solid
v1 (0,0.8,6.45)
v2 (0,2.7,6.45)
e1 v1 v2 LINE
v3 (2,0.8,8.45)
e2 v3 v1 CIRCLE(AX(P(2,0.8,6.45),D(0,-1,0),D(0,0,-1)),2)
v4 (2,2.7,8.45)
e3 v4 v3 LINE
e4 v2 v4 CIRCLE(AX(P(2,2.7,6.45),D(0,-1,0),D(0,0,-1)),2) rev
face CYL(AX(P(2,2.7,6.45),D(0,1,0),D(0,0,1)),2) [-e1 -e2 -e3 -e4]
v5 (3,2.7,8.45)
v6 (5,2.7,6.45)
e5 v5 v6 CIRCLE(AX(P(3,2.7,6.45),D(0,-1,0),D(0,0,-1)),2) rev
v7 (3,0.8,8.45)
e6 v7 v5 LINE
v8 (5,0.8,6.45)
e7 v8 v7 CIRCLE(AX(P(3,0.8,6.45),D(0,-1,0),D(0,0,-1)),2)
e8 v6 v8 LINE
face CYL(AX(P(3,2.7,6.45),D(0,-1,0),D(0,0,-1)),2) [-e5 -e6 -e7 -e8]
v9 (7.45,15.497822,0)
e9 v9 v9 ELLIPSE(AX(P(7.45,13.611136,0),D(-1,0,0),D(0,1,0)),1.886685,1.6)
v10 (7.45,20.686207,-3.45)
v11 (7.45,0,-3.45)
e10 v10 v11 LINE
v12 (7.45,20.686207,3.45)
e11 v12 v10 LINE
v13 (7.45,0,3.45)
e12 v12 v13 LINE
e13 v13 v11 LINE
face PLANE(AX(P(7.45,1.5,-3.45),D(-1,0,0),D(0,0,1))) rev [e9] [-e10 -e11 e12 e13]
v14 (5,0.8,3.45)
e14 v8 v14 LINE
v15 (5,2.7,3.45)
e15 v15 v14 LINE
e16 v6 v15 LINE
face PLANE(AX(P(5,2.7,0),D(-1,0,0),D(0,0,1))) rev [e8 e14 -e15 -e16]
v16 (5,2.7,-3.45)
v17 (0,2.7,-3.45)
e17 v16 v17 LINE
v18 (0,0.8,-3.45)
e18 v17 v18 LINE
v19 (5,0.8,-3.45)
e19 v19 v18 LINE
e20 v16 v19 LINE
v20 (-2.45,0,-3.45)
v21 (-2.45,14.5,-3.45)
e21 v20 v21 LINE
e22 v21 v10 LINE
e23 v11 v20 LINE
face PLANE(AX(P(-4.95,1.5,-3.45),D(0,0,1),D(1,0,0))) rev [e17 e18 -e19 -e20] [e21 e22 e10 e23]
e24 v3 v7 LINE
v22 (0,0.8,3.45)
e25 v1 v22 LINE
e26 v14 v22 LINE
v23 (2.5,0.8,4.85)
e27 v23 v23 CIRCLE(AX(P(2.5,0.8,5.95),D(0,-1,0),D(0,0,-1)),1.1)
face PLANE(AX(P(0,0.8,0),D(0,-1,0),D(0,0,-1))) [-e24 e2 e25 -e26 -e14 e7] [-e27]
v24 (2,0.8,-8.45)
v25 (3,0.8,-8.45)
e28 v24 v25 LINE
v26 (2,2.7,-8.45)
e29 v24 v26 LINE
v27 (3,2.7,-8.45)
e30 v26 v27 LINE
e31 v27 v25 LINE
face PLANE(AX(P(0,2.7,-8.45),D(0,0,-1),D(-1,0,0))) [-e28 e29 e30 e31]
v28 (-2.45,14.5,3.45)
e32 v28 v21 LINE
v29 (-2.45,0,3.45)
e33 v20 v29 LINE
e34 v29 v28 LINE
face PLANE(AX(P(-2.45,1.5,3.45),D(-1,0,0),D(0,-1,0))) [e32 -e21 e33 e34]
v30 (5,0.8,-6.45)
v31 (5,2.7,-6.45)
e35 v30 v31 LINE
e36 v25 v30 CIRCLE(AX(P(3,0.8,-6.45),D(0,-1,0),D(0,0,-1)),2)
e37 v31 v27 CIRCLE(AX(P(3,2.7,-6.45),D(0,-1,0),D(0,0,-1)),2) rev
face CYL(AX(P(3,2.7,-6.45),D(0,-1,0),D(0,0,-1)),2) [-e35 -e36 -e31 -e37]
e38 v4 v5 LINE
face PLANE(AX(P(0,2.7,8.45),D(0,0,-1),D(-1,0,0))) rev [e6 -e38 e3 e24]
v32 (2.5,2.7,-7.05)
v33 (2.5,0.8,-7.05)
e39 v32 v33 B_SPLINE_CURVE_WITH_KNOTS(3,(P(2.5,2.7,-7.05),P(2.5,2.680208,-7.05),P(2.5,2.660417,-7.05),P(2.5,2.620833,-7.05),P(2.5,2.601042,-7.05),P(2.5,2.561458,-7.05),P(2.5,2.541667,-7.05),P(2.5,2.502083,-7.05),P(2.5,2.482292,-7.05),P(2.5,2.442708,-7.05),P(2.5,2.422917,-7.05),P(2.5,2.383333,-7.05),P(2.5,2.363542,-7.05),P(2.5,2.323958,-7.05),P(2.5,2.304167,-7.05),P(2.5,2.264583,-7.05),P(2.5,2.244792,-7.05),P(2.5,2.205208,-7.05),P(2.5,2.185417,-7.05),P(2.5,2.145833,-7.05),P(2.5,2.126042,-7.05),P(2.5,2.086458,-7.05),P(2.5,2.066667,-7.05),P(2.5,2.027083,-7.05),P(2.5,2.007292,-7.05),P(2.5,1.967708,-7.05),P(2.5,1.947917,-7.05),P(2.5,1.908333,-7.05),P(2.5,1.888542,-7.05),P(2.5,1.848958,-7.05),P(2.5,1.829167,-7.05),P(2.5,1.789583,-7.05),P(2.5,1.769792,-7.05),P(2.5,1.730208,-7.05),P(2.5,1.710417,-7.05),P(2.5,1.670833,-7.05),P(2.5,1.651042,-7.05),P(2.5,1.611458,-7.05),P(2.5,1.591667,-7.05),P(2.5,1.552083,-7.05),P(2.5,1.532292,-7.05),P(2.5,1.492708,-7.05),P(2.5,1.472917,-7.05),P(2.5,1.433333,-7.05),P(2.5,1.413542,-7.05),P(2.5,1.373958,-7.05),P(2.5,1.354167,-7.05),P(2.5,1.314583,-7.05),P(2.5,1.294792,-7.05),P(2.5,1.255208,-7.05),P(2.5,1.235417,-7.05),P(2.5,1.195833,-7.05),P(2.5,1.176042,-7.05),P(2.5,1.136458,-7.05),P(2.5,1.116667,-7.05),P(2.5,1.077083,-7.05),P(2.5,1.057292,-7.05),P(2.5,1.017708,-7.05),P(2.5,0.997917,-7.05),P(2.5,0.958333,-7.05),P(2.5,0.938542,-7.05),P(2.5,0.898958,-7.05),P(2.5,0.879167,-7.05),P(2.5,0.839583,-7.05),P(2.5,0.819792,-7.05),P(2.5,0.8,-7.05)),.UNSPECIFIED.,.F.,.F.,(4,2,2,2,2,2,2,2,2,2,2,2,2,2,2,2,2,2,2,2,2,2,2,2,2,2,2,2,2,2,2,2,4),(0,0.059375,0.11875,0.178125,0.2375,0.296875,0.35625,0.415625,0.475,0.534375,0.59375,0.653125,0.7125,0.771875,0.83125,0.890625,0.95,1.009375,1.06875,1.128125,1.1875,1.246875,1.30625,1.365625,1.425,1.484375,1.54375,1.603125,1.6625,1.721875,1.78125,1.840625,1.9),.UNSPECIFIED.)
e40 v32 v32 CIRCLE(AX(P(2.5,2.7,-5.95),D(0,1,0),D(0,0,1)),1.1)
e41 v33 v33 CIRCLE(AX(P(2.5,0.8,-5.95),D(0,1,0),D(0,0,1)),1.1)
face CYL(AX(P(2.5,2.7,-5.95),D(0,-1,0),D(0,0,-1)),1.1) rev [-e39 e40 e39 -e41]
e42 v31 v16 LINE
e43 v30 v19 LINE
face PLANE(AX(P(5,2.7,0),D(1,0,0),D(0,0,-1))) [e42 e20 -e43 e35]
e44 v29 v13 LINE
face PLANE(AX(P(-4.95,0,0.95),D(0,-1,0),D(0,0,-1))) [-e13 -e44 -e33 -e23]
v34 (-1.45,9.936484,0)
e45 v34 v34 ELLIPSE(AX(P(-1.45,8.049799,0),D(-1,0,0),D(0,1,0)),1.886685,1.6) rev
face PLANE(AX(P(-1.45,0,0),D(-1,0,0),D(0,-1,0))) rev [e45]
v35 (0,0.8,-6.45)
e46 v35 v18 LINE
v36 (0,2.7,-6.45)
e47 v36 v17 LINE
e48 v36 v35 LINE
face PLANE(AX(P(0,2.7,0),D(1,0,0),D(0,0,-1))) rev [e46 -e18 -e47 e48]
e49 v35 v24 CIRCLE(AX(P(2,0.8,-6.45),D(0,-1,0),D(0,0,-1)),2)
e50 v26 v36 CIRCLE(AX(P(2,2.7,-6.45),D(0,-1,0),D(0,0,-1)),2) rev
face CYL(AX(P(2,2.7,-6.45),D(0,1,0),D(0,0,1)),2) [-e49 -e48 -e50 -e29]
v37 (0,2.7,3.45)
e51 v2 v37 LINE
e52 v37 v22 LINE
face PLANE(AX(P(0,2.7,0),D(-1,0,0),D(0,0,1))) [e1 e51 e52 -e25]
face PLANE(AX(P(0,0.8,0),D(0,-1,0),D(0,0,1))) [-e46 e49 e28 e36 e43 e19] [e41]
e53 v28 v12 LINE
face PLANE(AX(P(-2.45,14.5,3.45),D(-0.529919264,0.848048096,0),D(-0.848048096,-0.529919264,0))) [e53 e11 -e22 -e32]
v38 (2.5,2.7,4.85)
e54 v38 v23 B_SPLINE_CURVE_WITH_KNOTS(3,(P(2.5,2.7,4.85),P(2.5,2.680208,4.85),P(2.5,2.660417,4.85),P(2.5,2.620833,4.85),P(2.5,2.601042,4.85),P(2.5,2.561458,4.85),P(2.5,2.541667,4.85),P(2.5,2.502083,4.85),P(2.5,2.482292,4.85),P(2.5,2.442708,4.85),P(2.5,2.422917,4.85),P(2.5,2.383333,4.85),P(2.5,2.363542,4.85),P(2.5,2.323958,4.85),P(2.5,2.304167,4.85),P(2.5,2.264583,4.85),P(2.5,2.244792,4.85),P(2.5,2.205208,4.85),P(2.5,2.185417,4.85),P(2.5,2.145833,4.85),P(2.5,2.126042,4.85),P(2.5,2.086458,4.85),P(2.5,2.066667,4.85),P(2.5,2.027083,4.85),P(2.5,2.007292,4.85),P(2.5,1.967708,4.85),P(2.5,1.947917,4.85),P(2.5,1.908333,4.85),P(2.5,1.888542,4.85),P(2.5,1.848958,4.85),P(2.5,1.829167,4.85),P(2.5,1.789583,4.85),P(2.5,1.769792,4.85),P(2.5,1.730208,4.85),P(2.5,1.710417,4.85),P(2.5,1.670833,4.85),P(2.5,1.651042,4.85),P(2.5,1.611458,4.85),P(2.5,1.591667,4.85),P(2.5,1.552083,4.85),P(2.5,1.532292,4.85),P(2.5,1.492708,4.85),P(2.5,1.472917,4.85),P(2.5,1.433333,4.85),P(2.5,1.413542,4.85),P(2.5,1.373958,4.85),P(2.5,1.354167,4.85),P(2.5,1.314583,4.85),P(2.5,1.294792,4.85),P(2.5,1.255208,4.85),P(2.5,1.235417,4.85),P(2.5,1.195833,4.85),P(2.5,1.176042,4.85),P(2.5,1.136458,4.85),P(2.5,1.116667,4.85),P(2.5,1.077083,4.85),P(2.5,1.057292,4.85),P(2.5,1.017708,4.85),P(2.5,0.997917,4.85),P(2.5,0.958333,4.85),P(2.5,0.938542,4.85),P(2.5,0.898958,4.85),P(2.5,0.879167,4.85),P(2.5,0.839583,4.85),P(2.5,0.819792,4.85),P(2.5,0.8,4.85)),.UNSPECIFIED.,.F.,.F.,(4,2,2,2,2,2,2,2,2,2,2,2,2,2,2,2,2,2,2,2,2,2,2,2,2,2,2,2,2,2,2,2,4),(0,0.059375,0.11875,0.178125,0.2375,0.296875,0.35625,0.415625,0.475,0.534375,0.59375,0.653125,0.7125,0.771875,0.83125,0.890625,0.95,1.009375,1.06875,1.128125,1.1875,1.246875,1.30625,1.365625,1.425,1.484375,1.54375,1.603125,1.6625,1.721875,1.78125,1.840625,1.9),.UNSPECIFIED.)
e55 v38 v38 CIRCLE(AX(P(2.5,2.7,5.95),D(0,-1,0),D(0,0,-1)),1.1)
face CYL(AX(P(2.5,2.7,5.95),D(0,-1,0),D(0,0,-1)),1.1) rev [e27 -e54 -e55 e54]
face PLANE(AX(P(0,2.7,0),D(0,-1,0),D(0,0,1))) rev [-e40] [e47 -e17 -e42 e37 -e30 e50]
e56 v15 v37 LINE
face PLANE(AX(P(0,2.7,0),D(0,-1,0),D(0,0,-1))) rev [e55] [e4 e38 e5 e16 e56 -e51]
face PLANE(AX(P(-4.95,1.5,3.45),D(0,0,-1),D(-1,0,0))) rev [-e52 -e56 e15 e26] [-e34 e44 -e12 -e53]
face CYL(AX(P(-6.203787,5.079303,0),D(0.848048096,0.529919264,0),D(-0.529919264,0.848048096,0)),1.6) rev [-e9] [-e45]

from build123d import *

# Parameters (mm, degrees)
EXTRUDE_1_DEPTH        = 1.5
SKETCH_3_R             = 1.1
CUT_EXTRUDE_1_DEPTH    = 5
EXTRUDE_2_DEPTH        = 6.9
SWEEP_1_PROFILE_R      = 1.6
CUT_EXTRUDE_START      = -7.8
CUT_EXTRUDE_5_DEPTH    = 7.8
EXTRUDE_START          = -0.8
SKETCH_81_W            = 5
SKETCH_81_H            = 5
SKETCH_81_R            = 1.1
EXTRUDE_8_DEPTH        = 1.9
FILLET_1_R             = 2
FILLET_1_OF_MIRROR_1_R = 2
SKETCH_83_W            = 6.9
SKETCH_83_H            = 14.5
EXTRUDE_10_DEPTH       = 1


with BuildPart() as part:
    # 草图2 → 凸台-拉伸1 (new body)
    with BuildSketch(Plane(origin=(0, 0, 0), x_dir=(1, 0, 0), z_dir=(0, 1, 0))):
        with BuildLine():
            Line((-4.95, 3.45), (7.45, 3.45))
            Line((7.45, 3.45), (7.45, -3.45))
            Line((7.45, -3.45), (-4.95, -3.45))
            ThreePointArc((-4.95, -3.45), (-6.717766953, -2.717766953), (-7.45, -0.95))
            Line((-7.45, -0.95), (-7.45, 0.95))
            ThreePointArc((-7.45, 0.95), (-6.717766953, 2.717766953), (-4.95, 3.45))
        make_face()
    extrude(amount=EXTRUDE_1_DEPTH)

    # 草图3 → 切除-拉伸1 (cut)
    with BuildSketch(Plane(origin=(0, 1.5, 0), x_dir=(1, 0, 0), z_dir=(0, 1, 0))):
        with Locations(Location((-4.95, 0, 0), (0, 0, 270))):
            Circle(SKETCH_3_R)
    extrude(amount=-CUT_EXTRUDE_1_DEPTH, mode=Mode.SUBTRACT)

    # 草图5 → 凸台-拉伸2 (add)
    with BuildSketch(Plane(origin=(0, 0, -3.45), x_dir=(-1, 0, 0), z_dir=(0, 0, -1))):
        Polygon((2.45, 1.5), (2.45, 14.5), (-7.45, 20.686206584), (-7.45, 1.5), align=None)
    extrude(amount=-EXTRUDE_2_DEPTH)

    # 切除-扫描1: sweep along a path in 草图7
    with BuildLine(Plane.XY) as sweep_1_path:
        Line((-6.203786906, 5.079303189), (11.626887116, 16.221144909))
    # 切除-扫描1 profile (on start of the path) → 切除-扫描1 (sweep, cut)
    with BuildSketch(Plane(origin=(-6.203786906, 5.079303189, 0), x_dir=(-0.529919264233206, 0.8480480961564254, 0), z_dir=(0.8480480961564254, 0.529919264233206, 0))):
        Circle(SWEEP_1_PROFILE_R)
    sweep(path=sweep_1_path.line, mode=Mode.SUBTRACT)

    # 草图80 → 切除-拉伸5 (cut)
    with BuildSketch(Plane(origin=(0, 1.5, 0), x_dir=(1, 0, 0), z_dir=(0, 1, 0)).offset(CUT_EXTRUDE_START)):
        with BuildLine():
            Line((-4.95, -3.45), (-2.45, -3.45))
            Line((-2.45, -3.45), (-2.45, 3.45))
            Line((-2.45, 3.45), (-4.95, 3.45))
            ThreePointArc((-4.95, 3.45), (-6.717766953, 2.717766953), (-7.45, 0.95))
            Line((-7.45, 0.95), (-7.45, -0.95))
            ThreePointArc((-7.45, -0.95), (-6.717766953, -2.717766953), (-4.95, -3.45))
        make_face()
    extrude(amount=CUT_EXTRUDE_5_DEPTH, mode=Mode.SUBTRACT)

    # 草图81 → 凸台-拉伸8 (add)
    with BuildSketch(Plane.XZ.offset(EXTRUDE_START)):
        with Locations((2.5, 5.95)):
            Rectangle(SKETCH_81_W, SKETCH_81_H)
        with Locations(Location((2.5, 5.95, 0), (0, 0, 270))):
            Circle(SKETCH_81_R, mode=Mode.SUBTRACT)
    extrude_8 = extrude(amount=-EXTRUDE_8_DEPTH)

    # 圆角1
    fillet_1_edges = [part.edges().sort_by_distance(p)[0] for p in [
        (5, 1.75, 8.45),
        (0, 1.75, 8.45),
    ]]
    fillet(fillet_1_edges, radius=FILLET_1_R)

    # 镜向1: 凸台-拉伸8 across plane
    add(extrude_8.mirror(Plane.XY))

    # 圆角1 of 镜向1
    fillet_1_of_mirror_1_edges = [part.edges().sort_by_distance(p)[0] for p in [
        (5, 1.75, -8.45),
        (0, 1.75, -8.45),
    ]]
    fillet(fillet_1_of_mirror_1_edges, radius=FILLET_1_OF_MIRROR_1_R)

    # 草图83 → 凸台-拉伸10 (add)
    with BuildSketch(Plane.ZY.offset(2.45)):
        with Locations((0, 7.25)):
            Rectangle(SKETCH_83_W, SKETCH_83_H)
    extrude(amount=-EXTRUDE_10_DEPTH)


solid = part.part
